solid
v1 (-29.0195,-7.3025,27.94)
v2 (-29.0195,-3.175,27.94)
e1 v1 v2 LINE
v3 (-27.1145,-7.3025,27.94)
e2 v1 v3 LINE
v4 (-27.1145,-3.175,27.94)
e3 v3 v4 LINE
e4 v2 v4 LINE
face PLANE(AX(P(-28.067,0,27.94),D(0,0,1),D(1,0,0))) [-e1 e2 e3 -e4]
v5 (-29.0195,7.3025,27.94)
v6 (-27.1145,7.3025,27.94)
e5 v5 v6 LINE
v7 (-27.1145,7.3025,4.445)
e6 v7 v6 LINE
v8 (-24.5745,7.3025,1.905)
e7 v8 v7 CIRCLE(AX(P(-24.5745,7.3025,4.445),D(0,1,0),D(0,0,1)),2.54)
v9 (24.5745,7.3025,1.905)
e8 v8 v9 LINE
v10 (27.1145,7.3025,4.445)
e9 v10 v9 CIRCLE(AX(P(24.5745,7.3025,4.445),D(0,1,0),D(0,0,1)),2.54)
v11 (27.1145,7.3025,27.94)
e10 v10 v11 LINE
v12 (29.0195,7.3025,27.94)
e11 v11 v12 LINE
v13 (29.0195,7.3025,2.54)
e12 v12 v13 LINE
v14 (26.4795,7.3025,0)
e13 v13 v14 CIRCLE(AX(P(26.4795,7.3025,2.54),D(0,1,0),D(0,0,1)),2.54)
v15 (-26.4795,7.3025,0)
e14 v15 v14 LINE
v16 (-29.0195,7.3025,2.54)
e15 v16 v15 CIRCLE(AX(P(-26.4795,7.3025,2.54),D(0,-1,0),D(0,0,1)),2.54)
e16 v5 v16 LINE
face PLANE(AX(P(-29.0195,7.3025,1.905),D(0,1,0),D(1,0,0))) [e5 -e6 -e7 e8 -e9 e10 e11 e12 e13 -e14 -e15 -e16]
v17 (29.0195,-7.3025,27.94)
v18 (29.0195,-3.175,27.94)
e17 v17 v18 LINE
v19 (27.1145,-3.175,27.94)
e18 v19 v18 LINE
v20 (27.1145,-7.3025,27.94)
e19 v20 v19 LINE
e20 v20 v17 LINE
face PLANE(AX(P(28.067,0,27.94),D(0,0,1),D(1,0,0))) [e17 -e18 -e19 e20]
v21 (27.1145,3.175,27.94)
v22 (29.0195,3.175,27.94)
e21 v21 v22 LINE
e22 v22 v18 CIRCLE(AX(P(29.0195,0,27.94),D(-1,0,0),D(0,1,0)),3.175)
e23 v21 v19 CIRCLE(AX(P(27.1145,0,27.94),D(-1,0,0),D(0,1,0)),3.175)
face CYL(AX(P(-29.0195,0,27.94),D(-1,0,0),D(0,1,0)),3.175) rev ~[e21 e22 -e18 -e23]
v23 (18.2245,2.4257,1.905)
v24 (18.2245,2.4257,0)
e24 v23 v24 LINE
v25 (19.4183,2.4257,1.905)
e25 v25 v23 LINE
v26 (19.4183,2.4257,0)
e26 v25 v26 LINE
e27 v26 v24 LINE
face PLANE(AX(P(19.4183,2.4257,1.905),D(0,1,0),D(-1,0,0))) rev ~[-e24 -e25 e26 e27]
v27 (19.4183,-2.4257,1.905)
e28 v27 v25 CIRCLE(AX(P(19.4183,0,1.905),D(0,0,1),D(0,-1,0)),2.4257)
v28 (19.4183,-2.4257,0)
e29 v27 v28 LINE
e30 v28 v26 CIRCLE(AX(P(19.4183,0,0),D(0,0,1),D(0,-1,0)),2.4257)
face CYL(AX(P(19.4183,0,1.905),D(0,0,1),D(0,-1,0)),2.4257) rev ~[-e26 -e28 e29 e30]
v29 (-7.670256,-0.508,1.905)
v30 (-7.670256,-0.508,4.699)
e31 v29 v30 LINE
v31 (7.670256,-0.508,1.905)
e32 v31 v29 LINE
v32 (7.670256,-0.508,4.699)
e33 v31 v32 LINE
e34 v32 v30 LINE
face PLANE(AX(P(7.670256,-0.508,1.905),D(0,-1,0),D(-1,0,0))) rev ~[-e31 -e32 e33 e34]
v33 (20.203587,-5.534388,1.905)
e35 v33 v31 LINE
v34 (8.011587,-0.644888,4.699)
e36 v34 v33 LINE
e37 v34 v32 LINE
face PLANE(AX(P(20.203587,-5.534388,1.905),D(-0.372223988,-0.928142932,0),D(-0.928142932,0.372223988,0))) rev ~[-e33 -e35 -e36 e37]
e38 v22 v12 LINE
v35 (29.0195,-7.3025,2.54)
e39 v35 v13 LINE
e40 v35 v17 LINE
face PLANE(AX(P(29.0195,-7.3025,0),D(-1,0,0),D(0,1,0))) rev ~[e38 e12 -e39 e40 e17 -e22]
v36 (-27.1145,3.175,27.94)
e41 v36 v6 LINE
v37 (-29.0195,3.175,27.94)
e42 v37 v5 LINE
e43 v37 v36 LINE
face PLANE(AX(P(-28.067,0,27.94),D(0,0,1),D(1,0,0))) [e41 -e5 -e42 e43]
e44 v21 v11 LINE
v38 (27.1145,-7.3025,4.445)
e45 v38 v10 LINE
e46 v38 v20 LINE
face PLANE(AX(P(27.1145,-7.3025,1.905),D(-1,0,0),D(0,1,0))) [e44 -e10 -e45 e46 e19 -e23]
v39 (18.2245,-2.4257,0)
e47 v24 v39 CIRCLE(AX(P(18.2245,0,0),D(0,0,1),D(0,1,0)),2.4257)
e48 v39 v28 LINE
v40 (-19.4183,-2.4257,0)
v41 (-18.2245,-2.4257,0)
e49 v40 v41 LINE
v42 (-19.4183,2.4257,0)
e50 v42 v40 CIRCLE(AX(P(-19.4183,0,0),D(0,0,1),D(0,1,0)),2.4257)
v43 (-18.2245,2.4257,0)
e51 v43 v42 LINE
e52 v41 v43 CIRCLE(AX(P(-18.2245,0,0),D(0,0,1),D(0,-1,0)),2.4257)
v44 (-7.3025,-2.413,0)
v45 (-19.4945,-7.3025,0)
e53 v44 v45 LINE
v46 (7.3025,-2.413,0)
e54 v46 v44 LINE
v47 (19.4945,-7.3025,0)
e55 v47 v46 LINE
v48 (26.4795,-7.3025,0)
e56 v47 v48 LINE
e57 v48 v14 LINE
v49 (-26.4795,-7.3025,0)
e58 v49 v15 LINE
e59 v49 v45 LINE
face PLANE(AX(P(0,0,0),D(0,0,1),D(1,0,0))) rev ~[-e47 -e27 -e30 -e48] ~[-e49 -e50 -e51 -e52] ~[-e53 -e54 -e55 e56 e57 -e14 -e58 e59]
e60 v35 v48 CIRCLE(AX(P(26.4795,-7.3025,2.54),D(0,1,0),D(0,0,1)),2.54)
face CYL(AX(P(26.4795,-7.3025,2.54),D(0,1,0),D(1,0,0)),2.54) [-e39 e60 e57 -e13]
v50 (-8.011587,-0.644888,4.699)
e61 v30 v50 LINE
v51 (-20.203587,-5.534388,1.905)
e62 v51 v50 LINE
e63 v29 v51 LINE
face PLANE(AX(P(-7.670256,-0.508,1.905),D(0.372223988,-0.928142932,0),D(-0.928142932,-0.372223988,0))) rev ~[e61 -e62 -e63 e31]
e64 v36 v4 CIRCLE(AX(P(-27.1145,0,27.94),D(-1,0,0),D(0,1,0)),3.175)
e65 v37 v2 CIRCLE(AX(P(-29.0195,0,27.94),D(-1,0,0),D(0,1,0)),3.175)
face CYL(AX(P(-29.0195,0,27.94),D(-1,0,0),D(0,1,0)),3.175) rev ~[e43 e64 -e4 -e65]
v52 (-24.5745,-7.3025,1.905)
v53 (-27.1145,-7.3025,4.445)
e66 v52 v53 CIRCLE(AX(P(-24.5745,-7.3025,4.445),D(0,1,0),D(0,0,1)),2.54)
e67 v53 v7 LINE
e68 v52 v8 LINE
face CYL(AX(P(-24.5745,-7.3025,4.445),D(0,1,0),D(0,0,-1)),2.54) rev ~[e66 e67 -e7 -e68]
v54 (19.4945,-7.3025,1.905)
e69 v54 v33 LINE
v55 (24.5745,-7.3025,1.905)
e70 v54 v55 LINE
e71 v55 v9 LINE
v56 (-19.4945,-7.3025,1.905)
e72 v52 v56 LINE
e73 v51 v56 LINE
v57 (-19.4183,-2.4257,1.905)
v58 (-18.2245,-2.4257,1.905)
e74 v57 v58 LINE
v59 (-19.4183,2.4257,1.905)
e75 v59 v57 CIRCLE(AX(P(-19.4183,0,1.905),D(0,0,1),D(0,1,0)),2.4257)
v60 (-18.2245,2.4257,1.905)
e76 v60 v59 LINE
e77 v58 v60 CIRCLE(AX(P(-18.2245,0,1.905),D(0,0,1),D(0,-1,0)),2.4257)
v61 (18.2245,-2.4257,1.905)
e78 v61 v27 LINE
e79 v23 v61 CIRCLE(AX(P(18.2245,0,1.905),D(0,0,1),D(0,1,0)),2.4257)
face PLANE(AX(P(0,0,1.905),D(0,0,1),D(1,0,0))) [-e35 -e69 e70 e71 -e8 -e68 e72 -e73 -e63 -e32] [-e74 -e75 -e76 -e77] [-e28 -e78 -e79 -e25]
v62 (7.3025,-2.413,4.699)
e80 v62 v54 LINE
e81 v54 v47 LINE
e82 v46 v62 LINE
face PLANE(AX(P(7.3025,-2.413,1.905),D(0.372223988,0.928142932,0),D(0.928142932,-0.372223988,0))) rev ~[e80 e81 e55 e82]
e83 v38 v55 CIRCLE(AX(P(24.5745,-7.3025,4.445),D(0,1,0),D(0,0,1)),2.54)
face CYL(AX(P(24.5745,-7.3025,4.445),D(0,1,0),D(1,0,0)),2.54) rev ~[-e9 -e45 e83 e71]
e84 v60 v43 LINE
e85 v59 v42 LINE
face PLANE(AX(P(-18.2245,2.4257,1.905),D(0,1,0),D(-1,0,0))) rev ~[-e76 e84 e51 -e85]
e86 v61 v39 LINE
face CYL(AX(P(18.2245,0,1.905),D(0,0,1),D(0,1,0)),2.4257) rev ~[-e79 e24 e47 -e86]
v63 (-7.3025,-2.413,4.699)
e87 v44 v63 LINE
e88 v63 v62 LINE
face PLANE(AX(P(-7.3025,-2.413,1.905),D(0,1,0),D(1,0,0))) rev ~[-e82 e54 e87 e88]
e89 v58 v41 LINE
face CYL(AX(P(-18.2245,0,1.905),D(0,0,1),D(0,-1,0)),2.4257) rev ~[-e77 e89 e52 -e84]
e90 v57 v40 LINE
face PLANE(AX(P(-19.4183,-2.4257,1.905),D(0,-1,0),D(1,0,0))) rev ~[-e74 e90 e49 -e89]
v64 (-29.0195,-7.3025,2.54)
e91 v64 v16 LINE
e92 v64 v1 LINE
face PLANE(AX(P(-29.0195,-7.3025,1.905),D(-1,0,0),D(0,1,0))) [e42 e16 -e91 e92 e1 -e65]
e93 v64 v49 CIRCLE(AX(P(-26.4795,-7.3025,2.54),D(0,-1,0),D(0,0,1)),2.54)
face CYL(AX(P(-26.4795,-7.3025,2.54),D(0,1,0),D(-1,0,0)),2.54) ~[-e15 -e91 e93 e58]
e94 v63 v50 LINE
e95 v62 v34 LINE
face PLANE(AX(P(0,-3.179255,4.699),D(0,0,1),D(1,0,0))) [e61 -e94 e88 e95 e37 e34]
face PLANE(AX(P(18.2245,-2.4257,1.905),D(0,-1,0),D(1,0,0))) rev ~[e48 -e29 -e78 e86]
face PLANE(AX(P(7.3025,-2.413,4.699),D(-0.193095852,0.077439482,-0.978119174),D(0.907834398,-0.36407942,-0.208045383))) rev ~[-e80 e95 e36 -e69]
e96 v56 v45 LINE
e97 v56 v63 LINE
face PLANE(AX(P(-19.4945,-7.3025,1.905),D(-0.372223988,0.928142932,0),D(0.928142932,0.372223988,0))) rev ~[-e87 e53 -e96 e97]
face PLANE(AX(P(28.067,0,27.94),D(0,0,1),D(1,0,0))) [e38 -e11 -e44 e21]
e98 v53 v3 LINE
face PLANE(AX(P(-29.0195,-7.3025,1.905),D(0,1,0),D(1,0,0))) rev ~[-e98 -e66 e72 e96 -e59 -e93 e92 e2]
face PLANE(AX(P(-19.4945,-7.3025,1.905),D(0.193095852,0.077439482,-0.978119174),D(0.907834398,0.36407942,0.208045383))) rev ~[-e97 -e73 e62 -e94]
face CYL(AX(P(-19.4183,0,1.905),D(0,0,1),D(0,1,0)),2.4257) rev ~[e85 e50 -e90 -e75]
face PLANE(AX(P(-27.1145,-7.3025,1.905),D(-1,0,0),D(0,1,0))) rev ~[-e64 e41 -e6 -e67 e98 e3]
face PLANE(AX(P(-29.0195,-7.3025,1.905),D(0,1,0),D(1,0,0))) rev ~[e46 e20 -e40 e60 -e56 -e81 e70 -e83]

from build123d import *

# Parameters (mm, degrees)
F0_W      = 58.039
F0_H      = 14.605
F1_DEPTH  = 1.905
F2_W      = 1.905
F2_H      = 14.605
F3_DEPTH  = 26.035
F4_R      = 2.54
F6_DEPTH  = 58.04
F8_DEPTH  = 1.905
F10_DEPTH = 1.905
F12_DEPTH = 2.794
F14_DEPTH = 1.905
F16_DEPTH = 1.905


with BuildPart() as f1:
    # F0 (on Top) → F1 (new body)
    with BuildSketch(Plane.XY):
        Rectangle(F0_W, F0_H)
    extrude(amount=F1_DEPTH)

    # F2 (on face) → F3 (join)
    with BuildSketch(Plane.XY.offset(1.905)):
        with Locations((-28.067, 0)):
            Rectangle(F2_W, F2_H)
        with Locations((28.067, 0)):
            Rectangle(F2_W, F2_H)
    extrude(amount=F3_DEPTH)

    # F4
    f4_edges = [f1.edges().sort_by_distance(p)[0] for p in [
        (-29.0195, 0, 0),
        (29.0195, 0, 0),
        (27.1145, 0, 1.905),
        (-27.1145, 0, 1.905),
    ]]
    fillet(f4_edges, radius=F4_R)

    # F5 (on face) → F6 (cut, through all)
    with BuildSketch(Plane(origin=(-29.0195, 0, 0), x_dir=(0, -1, 0), z_dir=(-1, 0, 0))):
        with BuildLine():
            Line((3.175, 27.94), (-3.175, 27.94))
            ThreePointArc((-3.175, 27.94), (0, 24.765), (3.175, 27.94))
        make_face()
    extrude(amount=-F6_DEPTH, mode=Mode.SUBTRACT)

    # F7 (on face) → F8 (cut, through all)
    with BuildSketch(Plane.XY.offset(1.905)):
        with BuildLine():
            Line((-18.2245, 2.4257), (-19.4183, 2.4257))
            ThreePointArc((-19.4183, 2.4257), (-21.844, 0), (-19.4183, -2.4257))
            Line((-19.4183, -2.4257), (-18.2245, -2.4257))
            ThreePointArc((-18.2245, -2.4257), (-15.7988, 0), (-18.2245, 2.4257))
        make_face()
        with BuildLine():
            Line((19.4183, 2.4257), (18.2245, 2.4257))
            ThreePointArc((18.2245, 2.4257), (15.7988, 0), (18.2245, -2.4257))
            Line((18.2245, -2.4257), (19.4183, -2.4257))
            ThreePointArc((19.4183, -2.4257), (21.844, 0), (19.4183, 2.4257))
        make_face()
    extrude(amount=-F8_DEPTH, mode=Mode.SUBTRACT)

    # F9 (on face) → F10 (cut, through all)
    with BuildSketch(Plane.XY.offset(1.905)):
        Polygon((-7.3025, -2.413), (-19.4945, -7.3025), (19.4945, -7.3025), (7.3025, -2.413), align=None)
    extrude(amount=-F10_DEPTH, mode=Mode.SUBTRACT)

    # F11 (on face) → F12 (join)
    with BuildSketch(Plane.XY.offset(1.905)):
        Polygon((-20.2035866979, -5.5343877143), (-19.4945, -7.3025), (-7.3025, -2.413), (7.3025, -2.413), (19.4945, -7.3025), (20.2035866979, -5.5343877143), (7.6702562934, -0.508), (-7.6702562934, -0.508), align=None)
    extrude(amount=F12_DEPTH)

    # F13 (on face) → F14 (cut, through all)
    with BuildSketch(Plane(origin=(-0.1781303134, 0.4441690931, 0), x_dir=(0.9281429321, 0.3722239884, 0), z_dir=(0.3722239884, -0.9281429321, 0))):
        Polygon((-20.8118480657, 4.699), (-20.8118480657, 1.905), (-7.6759402459, 4.699), align=None)
    extrude(amount=-F14_DEPTH, mode=Mode.SUBTRACT)

    # F15 (on face) → F16 (cut, through all)
    with BuildSketch(Plane(origin=(0.1781303134, 0.4441690931, 0), x_dir=(0.9281429321, -0.3722239884, 0), z_dir=(-0.3722239884, -0.9281429321, 0))):
        Polygon((7.6759402459, 4.699), (20.8118480657, 1.905), (20.8118480657, 4.699), align=None)
    extrude(amount=-F16_DEPTH, mode=Mode.SUBTRACT)


solid = f1.part
